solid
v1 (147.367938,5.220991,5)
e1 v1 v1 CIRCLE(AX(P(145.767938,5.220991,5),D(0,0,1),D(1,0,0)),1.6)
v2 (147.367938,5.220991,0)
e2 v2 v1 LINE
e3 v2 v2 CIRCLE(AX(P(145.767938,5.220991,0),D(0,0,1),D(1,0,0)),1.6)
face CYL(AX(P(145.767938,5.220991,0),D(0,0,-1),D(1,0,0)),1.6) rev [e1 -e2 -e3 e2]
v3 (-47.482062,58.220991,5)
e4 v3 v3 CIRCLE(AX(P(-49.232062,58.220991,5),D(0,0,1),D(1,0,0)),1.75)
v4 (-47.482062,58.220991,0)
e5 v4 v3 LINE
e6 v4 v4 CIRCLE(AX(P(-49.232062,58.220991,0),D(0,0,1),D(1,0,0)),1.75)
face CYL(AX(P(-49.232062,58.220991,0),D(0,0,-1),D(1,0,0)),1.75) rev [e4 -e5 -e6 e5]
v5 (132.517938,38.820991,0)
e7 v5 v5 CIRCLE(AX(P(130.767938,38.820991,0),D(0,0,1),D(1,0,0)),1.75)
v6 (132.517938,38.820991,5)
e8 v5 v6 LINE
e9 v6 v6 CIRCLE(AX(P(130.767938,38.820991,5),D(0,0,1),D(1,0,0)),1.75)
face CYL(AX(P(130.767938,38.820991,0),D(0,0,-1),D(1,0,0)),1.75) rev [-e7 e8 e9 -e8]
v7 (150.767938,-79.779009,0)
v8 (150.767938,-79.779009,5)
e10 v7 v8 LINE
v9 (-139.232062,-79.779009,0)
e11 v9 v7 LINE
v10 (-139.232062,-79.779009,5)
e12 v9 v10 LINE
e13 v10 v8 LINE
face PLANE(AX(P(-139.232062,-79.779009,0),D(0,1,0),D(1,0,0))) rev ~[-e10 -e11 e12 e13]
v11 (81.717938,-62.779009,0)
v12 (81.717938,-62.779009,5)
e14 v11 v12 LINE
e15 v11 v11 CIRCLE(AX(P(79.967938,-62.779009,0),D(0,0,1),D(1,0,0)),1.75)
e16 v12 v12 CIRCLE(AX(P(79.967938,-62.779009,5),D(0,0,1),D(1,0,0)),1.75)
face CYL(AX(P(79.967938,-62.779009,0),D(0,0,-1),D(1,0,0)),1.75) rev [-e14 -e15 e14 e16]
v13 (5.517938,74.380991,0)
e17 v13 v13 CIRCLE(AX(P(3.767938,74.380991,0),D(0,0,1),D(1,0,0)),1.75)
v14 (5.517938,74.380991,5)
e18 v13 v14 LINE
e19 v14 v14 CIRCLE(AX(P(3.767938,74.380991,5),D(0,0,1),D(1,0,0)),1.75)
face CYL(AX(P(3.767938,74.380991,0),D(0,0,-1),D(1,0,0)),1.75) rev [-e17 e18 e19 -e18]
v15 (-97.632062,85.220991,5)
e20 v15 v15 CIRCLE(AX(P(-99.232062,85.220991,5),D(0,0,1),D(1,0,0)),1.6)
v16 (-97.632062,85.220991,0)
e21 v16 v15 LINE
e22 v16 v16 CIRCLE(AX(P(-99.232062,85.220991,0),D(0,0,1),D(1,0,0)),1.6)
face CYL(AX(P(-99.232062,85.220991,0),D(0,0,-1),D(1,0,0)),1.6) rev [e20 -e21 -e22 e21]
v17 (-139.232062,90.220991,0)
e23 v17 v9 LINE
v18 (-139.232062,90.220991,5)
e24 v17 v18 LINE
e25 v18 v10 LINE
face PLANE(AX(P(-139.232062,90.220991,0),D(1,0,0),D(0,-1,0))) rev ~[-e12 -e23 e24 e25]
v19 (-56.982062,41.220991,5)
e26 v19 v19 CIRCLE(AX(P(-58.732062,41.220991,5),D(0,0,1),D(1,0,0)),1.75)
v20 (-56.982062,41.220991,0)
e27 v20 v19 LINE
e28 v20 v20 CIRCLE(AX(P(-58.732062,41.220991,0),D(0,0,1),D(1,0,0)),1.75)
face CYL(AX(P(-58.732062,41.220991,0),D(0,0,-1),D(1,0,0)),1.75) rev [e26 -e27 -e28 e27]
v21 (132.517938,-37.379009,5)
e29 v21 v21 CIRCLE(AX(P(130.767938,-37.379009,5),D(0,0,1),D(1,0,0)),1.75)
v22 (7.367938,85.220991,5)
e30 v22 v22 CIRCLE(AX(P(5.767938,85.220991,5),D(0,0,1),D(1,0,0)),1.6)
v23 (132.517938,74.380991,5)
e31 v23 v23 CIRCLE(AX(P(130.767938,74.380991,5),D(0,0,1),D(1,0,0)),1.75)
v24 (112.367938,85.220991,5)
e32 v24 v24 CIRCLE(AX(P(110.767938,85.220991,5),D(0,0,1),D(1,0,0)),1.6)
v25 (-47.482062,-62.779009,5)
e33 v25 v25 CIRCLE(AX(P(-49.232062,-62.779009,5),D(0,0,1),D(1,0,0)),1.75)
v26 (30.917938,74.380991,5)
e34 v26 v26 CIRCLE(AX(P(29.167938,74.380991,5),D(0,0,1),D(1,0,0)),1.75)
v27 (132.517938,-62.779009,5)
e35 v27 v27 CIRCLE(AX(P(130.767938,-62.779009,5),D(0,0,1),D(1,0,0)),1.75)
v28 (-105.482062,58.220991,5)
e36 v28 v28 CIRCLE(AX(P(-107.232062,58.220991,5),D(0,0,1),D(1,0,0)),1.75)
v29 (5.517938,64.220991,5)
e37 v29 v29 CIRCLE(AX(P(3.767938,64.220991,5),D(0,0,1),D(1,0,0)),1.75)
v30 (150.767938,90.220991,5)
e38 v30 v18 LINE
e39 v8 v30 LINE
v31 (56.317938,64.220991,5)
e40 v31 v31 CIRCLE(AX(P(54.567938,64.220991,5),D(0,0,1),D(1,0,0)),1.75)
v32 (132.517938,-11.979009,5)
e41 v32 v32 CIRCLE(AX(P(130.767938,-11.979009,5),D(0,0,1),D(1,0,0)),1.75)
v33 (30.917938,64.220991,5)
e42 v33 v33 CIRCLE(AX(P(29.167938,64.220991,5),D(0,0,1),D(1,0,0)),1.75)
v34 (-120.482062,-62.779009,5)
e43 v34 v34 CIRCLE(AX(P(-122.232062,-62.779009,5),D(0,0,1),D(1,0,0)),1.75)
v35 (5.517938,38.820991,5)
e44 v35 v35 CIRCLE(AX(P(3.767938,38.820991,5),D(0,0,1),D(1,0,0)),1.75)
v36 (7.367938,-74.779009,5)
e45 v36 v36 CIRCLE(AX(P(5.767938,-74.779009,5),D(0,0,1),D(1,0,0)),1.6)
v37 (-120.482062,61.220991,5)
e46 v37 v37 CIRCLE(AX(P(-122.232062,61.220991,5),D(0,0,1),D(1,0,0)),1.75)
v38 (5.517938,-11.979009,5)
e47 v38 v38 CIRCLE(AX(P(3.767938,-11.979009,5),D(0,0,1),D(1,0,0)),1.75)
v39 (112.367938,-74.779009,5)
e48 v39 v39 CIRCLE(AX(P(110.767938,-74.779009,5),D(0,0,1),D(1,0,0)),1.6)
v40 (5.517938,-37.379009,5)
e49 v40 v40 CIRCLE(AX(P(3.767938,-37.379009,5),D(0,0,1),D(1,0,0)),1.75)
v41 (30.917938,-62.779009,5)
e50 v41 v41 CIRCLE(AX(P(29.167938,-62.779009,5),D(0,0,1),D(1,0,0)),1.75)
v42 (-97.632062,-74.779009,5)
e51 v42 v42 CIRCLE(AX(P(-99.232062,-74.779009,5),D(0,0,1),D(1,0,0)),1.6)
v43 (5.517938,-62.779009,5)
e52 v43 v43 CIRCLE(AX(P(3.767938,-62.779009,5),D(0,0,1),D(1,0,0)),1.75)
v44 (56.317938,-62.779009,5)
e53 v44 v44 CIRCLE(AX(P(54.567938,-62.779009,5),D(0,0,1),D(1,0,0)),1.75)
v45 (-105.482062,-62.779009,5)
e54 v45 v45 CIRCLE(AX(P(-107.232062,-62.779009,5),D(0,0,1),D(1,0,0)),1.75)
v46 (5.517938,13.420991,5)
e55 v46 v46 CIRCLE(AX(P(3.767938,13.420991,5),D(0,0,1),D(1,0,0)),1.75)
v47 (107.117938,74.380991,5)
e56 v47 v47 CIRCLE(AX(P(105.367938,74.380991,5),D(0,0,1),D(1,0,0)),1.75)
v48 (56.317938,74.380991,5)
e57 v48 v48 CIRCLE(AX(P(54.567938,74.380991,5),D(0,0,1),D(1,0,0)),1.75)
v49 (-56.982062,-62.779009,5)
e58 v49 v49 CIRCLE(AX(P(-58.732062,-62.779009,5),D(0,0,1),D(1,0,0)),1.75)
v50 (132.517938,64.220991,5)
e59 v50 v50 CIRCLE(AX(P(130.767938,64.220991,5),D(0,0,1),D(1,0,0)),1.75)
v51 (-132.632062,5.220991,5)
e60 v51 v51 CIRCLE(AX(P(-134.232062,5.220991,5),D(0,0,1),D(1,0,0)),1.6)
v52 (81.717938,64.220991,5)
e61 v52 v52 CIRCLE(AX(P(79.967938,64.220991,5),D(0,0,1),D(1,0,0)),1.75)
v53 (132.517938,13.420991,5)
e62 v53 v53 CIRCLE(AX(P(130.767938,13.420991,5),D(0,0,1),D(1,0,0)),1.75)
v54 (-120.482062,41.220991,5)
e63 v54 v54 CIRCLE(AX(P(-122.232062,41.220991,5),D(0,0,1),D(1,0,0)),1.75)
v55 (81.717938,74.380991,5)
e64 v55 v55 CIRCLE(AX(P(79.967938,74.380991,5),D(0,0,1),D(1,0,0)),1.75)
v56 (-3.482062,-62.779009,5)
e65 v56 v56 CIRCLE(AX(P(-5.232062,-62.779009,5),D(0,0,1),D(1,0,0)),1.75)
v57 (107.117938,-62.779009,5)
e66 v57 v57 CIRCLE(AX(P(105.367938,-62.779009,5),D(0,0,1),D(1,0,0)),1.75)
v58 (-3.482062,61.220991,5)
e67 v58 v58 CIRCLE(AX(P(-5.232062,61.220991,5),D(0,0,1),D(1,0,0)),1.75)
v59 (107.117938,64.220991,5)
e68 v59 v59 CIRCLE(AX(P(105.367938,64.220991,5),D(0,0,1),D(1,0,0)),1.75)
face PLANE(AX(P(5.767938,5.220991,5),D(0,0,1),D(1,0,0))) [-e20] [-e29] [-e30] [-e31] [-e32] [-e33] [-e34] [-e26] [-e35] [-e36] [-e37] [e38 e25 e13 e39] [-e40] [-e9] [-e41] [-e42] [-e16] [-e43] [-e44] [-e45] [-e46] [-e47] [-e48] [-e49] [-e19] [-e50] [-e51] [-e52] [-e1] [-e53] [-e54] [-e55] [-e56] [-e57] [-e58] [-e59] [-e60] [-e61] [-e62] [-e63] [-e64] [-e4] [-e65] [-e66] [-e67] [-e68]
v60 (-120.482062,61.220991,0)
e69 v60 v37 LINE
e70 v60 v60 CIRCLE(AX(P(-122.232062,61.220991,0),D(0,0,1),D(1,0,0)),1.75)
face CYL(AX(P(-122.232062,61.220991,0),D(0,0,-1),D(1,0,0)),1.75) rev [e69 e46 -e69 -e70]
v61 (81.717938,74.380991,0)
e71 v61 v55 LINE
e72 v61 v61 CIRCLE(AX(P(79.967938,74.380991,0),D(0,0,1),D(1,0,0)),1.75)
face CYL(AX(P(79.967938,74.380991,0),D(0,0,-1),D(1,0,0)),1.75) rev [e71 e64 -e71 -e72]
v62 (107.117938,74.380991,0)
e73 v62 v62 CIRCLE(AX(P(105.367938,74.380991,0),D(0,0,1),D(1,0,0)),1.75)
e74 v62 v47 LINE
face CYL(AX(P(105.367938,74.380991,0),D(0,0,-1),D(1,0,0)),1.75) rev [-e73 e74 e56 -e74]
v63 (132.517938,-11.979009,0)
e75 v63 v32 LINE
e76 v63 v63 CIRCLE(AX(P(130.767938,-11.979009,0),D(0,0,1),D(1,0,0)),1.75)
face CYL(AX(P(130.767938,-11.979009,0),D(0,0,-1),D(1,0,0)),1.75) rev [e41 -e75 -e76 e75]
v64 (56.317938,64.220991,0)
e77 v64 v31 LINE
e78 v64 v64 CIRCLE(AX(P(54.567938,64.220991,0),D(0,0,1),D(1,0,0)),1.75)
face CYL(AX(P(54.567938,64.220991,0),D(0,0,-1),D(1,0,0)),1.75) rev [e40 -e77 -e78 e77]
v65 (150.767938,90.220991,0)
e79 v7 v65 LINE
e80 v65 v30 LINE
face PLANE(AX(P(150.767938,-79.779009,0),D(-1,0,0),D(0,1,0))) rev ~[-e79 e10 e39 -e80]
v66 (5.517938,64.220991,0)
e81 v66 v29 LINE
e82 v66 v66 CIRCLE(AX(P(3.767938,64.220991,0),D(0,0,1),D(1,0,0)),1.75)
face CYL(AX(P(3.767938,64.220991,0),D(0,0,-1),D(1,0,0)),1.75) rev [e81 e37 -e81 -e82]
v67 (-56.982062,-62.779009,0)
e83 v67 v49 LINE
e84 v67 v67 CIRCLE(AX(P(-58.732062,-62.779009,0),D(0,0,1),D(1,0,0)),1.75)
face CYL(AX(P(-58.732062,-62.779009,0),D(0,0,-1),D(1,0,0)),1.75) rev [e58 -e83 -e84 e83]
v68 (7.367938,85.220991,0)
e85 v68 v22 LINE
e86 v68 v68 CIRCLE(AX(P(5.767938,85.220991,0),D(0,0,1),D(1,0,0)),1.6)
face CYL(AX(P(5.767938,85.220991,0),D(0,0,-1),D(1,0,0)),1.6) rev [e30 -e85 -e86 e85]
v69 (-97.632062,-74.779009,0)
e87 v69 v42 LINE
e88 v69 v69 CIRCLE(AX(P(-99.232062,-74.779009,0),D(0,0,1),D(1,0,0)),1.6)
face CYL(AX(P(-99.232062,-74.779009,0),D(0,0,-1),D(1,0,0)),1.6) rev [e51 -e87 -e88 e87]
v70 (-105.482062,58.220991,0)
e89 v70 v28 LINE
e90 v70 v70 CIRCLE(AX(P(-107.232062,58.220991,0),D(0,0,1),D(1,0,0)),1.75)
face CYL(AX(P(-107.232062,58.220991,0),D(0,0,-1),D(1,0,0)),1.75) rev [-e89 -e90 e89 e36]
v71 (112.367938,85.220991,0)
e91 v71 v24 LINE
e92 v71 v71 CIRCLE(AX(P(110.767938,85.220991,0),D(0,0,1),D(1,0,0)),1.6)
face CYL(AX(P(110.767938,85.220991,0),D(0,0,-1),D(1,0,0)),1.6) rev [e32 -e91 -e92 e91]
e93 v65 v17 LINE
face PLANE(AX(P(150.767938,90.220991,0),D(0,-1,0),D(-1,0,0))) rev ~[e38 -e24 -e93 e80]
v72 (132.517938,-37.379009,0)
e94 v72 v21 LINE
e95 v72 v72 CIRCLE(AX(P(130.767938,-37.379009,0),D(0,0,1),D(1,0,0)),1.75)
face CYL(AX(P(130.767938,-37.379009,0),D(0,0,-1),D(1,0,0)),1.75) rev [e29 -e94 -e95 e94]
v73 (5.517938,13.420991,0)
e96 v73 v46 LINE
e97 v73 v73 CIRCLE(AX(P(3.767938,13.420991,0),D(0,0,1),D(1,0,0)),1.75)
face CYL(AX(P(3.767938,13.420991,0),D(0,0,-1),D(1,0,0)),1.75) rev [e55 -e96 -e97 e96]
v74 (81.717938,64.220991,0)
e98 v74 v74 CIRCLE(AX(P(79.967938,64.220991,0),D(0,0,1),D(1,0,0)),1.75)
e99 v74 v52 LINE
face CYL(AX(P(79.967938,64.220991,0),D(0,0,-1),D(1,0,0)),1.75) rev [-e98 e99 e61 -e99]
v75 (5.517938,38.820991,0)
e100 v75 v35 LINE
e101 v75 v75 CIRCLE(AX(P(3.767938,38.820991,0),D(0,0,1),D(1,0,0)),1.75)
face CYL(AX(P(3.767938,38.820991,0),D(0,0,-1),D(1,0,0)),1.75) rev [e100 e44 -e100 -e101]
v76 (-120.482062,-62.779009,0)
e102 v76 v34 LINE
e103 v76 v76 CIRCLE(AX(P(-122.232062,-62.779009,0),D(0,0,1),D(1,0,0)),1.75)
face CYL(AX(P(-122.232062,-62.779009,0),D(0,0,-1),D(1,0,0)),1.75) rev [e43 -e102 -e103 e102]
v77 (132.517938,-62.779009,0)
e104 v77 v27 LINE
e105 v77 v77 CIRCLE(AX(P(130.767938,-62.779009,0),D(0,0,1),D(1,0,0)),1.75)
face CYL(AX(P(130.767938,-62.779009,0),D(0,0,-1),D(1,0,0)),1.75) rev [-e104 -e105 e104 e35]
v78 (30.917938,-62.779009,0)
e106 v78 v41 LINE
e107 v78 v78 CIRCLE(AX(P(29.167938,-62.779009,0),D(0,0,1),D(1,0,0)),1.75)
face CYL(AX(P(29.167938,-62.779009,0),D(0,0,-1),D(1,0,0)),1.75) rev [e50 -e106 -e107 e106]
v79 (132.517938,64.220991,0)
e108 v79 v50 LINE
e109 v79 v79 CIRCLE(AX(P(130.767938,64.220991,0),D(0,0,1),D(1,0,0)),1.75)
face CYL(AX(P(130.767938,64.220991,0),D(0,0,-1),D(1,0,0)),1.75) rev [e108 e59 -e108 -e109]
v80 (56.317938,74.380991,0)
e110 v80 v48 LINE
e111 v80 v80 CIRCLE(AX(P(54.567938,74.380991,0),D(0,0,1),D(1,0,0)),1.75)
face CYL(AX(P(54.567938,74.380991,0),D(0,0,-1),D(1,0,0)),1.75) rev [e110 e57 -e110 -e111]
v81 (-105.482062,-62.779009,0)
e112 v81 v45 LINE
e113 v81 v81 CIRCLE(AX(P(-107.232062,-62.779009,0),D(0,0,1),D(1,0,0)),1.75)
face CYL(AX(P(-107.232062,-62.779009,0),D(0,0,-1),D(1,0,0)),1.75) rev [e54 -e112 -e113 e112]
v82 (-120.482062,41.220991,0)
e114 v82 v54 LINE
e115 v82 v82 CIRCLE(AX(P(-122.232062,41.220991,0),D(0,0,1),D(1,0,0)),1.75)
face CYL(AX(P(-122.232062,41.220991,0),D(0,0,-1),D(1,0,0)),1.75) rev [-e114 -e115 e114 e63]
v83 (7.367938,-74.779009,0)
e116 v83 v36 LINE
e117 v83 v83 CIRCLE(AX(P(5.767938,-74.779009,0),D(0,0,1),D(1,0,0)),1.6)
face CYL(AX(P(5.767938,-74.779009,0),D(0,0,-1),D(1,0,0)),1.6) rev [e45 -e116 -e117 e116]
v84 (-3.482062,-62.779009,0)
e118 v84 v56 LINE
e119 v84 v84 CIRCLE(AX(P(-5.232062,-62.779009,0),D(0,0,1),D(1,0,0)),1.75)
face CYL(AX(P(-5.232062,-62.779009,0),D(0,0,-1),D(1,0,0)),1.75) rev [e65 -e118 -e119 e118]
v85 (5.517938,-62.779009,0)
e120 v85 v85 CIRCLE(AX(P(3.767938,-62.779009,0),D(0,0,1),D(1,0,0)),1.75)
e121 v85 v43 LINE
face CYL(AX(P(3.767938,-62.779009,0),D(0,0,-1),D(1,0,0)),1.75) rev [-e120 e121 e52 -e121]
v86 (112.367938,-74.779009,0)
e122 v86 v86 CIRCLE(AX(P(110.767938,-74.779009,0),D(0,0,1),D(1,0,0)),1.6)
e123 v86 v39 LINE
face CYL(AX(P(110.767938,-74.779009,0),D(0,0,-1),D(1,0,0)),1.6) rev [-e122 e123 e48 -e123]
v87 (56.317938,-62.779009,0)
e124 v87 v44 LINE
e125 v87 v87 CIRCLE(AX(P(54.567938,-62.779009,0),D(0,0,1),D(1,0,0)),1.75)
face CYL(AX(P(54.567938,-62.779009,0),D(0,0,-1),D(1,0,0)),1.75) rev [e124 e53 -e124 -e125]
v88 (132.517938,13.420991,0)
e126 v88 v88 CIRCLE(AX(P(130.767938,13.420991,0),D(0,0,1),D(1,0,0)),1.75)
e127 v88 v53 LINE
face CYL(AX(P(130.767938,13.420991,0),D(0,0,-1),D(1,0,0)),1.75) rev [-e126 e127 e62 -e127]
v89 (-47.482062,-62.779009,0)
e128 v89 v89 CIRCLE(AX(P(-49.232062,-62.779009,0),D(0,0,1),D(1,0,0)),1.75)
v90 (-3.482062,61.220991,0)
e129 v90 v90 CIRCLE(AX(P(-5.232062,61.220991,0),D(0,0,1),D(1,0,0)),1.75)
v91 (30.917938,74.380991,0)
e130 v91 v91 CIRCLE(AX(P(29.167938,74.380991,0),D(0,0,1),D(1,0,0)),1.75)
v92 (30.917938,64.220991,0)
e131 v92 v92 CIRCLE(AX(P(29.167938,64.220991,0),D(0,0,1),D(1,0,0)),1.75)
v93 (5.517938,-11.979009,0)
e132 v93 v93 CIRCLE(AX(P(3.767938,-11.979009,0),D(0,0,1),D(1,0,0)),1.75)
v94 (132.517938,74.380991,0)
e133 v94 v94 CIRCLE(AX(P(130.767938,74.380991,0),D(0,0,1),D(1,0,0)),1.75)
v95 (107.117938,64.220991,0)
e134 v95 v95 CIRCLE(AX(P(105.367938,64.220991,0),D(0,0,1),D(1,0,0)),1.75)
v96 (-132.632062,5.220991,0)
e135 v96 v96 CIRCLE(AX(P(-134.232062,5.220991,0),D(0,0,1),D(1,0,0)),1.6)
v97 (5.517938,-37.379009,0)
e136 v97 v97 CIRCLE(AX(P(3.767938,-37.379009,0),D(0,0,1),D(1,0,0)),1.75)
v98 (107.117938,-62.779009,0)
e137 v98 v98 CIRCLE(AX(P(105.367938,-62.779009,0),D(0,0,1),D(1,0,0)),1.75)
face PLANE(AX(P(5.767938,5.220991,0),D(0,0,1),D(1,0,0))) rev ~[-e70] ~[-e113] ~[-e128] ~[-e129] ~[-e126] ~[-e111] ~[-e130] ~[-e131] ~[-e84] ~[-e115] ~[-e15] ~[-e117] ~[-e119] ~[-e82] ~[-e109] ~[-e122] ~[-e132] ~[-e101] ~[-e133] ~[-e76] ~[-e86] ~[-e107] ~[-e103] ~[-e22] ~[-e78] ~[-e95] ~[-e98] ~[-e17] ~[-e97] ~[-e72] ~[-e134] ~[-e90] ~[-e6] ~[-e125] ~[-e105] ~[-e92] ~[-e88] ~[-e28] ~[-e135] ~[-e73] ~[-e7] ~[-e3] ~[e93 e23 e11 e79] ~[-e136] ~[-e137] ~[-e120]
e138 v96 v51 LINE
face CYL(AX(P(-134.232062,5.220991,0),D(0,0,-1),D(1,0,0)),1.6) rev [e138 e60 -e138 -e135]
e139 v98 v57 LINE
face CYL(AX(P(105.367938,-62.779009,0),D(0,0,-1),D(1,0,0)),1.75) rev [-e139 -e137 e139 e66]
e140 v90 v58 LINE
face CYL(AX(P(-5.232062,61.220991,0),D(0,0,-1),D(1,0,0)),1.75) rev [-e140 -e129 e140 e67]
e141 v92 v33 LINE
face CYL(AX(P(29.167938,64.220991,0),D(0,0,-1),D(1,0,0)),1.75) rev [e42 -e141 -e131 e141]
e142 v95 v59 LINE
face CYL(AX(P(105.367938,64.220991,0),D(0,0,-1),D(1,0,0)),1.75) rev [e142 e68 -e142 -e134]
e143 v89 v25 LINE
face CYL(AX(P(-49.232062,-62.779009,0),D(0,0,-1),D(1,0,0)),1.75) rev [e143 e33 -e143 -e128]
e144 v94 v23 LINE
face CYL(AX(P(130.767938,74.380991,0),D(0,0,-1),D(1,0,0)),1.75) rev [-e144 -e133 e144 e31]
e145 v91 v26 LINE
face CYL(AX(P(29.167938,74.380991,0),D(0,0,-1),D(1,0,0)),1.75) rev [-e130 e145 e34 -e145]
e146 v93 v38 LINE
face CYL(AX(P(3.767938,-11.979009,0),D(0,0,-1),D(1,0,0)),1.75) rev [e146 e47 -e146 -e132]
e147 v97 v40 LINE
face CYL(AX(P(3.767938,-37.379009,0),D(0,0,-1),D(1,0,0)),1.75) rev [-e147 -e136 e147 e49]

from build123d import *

# Parameters (mm, degrees)
F0_R     = 1.75
F0_R_2   = 1.6
F1_DEPTH = 5


with BuildPart() as f1:
    # F0 (on Top) → F1 (new body)
    with BuildSketch(Plane.XY):
        Polygon((-105.232062, 90.220991), (-139.232062, 90.220991), (-139.232062, 65.220991), (-139.232062, -54.779009), (-139.232062, -79.779009), (-105.232062, -79.779009), (116.767938, -79.779009), (150.767938, -79.779009), (150.767938, -54.779009), (150.767938, 65.220991), (150.767938, 90.220991), (116.767938, 90.220991), align=None)
        with Locations((-122.232062, -62.779009)):
            Circle(F0_R, mode=Mode.SUBTRACT)
        with Locations((-107.232062, -62.779009)):
            Circle(F0_R, mode=Mode.SUBTRACT)
        with Locations((-99.232062, -74.779009)):
            Circle(F0_R_2, mode=Mode.SUBTRACT)
        with Locations((-58.732062, -62.779009)):
            Circle(F0_R, mode=Mode.SUBTRACT)
        with Locations((-49.232062, -62.779009)):
            Circle(F0_R, mode=Mode.SUBTRACT)
        with Locations((-5.232062, -62.779009)):
            Circle(F0_R, mode=Mode.SUBTRACT)
        with Locations((3.767938, -62.779009)):
            Circle(F0_R, mode=Mode.SUBTRACT)
        with Locations((3.767938, -37.379009)):
            Circle(F0_R, mode=Mode.SUBTRACT)
        with Locations((3.767938, -11.979009)):
            Circle(F0_R, mode=Mode.SUBTRACT)
        with Locations((5.767938, -74.779009)):
            Circle(F0_R_2, mode=Mode.SUBTRACT)
        with Locations((29.167938, -62.779009)):
            Circle(F0_R, mode=Mode.SUBTRACT)
        with Locations((54.567938, -62.779009)):
            Circle(F0_R, mode=Mode.SUBTRACT)
        with Locations((110.767938, -74.779009)):
            Circle(F0_R_2, mode=Mode.SUBTRACT)
        with Locations((79.967938, -62.779009)):
            Circle(F0_R, mode=Mode.SUBTRACT)
        with Locations((105.367938, -62.779009)):
            Circle(F0_R, mode=Mode.SUBTRACT)
        with Locations((130.767938, -62.779009)):
            Circle(F0_R, mode=Mode.SUBTRACT)
        with Locations((130.767938, -37.379009)):
            Circle(F0_R, mode=Mode.SUBTRACT)
        with Locations((130.767938, -11.979009)):
            Circle(F0_R, mode=Mode.SUBTRACT)
        with Locations((-134.232062, 5.220991)):
            Circle(F0_R_2, mode=Mode.SUBTRACT)
        with Locations((-122.232062, 41.220991)):
            Circle(F0_R, mode=Mode.SUBTRACT)
        with Locations((3.767938, 13.420991)):
            Circle(F0_R, mode=Mode.SUBTRACT)
        with Locations((-58.732062, 41.220991)):
            Circle(F0_R, mode=Mode.SUBTRACT)
        with Locations((3.767938, 38.820991)):
            Circle(F0_R, mode=Mode.SUBTRACT)
        with Locations((-107.232062, 58.220991)):
            Circle(F0_R, mode=Mode.SUBTRACT)
        with Locations((-122.232062, 61.220991)):
            Circle(F0_R, mode=Mode.SUBTRACT)
        with Locations((-99.232062, 85.220991)):
            Circle(F0_R_2, mode=Mode.SUBTRACT)
        with Locations((-49.232062, 58.220991)):
            Circle(F0_R, mode=Mode.SUBTRACT)
        with Locations((-5.232062, 61.220991)):
            Circle(F0_R, mode=Mode.SUBTRACT)
        with Locations((3.767938, 64.220991)):
            Circle(F0_R, mode=Mode.SUBTRACT)
        with Locations((3.767938, 74.380991)):
            Circle(F0_R, mode=Mode.SUBTRACT)
        with Locations((130.767938, 13.420991)):
            Circle(F0_R, mode=Mode.SUBTRACT)
        with Locations((145.767938, 5.220991)):
            Circle(F0_R_2, mode=Mode.SUBTRACT)
        with Locations((130.767938, 38.820991)):
            Circle(F0_R, mode=Mode.SUBTRACT)
        with Locations((29.167938, 64.220991)):
            Circle(F0_R, mode=Mode.SUBTRACT)
        with Locations((54.567938, 64.220991)):
            Circle(F0_R, mode=Mode.SUBTRACT)
        with Locations((29.167938, 74.380991)):
            Circle(F0_R, mode=Mode.SUBTRACT)
        with Locations((5.767938, 85.220991)):
            Circle(F0_R_2, mode=Mode.SUBTRACT)
        with Locations((54.567938, 74.380991)):
            Circle(F0_R, mode=Mode.SUBTRACT)
        with Locations((79.967938, 64.220991)):
            Circle(F0_R, mode=Mode.SUBTRACT)
        with Locations((105.367938, 64.220991)):
            Circle(F0_R, mode=Mode.SUBTRACT)
        with Locations((130.767938, 64.220991)):
            Circle(F0_R, mode=Mode.SUBTRACT)
        with Locations((79.967938, 74.380991)):
            Circle(F0_R, mode=Mode.SUBTRACT)
        with Locations((105.367938, 74.380991)):
            Circle(F0_R, mode=Mode.SUBTRACT)
        with Locations((110.767938, 85.220991)):
            Circle(F0_R_2, mode=Mode.SUBTRACT)
        with Locations((130.767938, 74.380991)):
            Circle(F0_R, mode=Mode.SUBTRACT)
    extrude(amount=F1_DEPTH)


solid = f1.part
